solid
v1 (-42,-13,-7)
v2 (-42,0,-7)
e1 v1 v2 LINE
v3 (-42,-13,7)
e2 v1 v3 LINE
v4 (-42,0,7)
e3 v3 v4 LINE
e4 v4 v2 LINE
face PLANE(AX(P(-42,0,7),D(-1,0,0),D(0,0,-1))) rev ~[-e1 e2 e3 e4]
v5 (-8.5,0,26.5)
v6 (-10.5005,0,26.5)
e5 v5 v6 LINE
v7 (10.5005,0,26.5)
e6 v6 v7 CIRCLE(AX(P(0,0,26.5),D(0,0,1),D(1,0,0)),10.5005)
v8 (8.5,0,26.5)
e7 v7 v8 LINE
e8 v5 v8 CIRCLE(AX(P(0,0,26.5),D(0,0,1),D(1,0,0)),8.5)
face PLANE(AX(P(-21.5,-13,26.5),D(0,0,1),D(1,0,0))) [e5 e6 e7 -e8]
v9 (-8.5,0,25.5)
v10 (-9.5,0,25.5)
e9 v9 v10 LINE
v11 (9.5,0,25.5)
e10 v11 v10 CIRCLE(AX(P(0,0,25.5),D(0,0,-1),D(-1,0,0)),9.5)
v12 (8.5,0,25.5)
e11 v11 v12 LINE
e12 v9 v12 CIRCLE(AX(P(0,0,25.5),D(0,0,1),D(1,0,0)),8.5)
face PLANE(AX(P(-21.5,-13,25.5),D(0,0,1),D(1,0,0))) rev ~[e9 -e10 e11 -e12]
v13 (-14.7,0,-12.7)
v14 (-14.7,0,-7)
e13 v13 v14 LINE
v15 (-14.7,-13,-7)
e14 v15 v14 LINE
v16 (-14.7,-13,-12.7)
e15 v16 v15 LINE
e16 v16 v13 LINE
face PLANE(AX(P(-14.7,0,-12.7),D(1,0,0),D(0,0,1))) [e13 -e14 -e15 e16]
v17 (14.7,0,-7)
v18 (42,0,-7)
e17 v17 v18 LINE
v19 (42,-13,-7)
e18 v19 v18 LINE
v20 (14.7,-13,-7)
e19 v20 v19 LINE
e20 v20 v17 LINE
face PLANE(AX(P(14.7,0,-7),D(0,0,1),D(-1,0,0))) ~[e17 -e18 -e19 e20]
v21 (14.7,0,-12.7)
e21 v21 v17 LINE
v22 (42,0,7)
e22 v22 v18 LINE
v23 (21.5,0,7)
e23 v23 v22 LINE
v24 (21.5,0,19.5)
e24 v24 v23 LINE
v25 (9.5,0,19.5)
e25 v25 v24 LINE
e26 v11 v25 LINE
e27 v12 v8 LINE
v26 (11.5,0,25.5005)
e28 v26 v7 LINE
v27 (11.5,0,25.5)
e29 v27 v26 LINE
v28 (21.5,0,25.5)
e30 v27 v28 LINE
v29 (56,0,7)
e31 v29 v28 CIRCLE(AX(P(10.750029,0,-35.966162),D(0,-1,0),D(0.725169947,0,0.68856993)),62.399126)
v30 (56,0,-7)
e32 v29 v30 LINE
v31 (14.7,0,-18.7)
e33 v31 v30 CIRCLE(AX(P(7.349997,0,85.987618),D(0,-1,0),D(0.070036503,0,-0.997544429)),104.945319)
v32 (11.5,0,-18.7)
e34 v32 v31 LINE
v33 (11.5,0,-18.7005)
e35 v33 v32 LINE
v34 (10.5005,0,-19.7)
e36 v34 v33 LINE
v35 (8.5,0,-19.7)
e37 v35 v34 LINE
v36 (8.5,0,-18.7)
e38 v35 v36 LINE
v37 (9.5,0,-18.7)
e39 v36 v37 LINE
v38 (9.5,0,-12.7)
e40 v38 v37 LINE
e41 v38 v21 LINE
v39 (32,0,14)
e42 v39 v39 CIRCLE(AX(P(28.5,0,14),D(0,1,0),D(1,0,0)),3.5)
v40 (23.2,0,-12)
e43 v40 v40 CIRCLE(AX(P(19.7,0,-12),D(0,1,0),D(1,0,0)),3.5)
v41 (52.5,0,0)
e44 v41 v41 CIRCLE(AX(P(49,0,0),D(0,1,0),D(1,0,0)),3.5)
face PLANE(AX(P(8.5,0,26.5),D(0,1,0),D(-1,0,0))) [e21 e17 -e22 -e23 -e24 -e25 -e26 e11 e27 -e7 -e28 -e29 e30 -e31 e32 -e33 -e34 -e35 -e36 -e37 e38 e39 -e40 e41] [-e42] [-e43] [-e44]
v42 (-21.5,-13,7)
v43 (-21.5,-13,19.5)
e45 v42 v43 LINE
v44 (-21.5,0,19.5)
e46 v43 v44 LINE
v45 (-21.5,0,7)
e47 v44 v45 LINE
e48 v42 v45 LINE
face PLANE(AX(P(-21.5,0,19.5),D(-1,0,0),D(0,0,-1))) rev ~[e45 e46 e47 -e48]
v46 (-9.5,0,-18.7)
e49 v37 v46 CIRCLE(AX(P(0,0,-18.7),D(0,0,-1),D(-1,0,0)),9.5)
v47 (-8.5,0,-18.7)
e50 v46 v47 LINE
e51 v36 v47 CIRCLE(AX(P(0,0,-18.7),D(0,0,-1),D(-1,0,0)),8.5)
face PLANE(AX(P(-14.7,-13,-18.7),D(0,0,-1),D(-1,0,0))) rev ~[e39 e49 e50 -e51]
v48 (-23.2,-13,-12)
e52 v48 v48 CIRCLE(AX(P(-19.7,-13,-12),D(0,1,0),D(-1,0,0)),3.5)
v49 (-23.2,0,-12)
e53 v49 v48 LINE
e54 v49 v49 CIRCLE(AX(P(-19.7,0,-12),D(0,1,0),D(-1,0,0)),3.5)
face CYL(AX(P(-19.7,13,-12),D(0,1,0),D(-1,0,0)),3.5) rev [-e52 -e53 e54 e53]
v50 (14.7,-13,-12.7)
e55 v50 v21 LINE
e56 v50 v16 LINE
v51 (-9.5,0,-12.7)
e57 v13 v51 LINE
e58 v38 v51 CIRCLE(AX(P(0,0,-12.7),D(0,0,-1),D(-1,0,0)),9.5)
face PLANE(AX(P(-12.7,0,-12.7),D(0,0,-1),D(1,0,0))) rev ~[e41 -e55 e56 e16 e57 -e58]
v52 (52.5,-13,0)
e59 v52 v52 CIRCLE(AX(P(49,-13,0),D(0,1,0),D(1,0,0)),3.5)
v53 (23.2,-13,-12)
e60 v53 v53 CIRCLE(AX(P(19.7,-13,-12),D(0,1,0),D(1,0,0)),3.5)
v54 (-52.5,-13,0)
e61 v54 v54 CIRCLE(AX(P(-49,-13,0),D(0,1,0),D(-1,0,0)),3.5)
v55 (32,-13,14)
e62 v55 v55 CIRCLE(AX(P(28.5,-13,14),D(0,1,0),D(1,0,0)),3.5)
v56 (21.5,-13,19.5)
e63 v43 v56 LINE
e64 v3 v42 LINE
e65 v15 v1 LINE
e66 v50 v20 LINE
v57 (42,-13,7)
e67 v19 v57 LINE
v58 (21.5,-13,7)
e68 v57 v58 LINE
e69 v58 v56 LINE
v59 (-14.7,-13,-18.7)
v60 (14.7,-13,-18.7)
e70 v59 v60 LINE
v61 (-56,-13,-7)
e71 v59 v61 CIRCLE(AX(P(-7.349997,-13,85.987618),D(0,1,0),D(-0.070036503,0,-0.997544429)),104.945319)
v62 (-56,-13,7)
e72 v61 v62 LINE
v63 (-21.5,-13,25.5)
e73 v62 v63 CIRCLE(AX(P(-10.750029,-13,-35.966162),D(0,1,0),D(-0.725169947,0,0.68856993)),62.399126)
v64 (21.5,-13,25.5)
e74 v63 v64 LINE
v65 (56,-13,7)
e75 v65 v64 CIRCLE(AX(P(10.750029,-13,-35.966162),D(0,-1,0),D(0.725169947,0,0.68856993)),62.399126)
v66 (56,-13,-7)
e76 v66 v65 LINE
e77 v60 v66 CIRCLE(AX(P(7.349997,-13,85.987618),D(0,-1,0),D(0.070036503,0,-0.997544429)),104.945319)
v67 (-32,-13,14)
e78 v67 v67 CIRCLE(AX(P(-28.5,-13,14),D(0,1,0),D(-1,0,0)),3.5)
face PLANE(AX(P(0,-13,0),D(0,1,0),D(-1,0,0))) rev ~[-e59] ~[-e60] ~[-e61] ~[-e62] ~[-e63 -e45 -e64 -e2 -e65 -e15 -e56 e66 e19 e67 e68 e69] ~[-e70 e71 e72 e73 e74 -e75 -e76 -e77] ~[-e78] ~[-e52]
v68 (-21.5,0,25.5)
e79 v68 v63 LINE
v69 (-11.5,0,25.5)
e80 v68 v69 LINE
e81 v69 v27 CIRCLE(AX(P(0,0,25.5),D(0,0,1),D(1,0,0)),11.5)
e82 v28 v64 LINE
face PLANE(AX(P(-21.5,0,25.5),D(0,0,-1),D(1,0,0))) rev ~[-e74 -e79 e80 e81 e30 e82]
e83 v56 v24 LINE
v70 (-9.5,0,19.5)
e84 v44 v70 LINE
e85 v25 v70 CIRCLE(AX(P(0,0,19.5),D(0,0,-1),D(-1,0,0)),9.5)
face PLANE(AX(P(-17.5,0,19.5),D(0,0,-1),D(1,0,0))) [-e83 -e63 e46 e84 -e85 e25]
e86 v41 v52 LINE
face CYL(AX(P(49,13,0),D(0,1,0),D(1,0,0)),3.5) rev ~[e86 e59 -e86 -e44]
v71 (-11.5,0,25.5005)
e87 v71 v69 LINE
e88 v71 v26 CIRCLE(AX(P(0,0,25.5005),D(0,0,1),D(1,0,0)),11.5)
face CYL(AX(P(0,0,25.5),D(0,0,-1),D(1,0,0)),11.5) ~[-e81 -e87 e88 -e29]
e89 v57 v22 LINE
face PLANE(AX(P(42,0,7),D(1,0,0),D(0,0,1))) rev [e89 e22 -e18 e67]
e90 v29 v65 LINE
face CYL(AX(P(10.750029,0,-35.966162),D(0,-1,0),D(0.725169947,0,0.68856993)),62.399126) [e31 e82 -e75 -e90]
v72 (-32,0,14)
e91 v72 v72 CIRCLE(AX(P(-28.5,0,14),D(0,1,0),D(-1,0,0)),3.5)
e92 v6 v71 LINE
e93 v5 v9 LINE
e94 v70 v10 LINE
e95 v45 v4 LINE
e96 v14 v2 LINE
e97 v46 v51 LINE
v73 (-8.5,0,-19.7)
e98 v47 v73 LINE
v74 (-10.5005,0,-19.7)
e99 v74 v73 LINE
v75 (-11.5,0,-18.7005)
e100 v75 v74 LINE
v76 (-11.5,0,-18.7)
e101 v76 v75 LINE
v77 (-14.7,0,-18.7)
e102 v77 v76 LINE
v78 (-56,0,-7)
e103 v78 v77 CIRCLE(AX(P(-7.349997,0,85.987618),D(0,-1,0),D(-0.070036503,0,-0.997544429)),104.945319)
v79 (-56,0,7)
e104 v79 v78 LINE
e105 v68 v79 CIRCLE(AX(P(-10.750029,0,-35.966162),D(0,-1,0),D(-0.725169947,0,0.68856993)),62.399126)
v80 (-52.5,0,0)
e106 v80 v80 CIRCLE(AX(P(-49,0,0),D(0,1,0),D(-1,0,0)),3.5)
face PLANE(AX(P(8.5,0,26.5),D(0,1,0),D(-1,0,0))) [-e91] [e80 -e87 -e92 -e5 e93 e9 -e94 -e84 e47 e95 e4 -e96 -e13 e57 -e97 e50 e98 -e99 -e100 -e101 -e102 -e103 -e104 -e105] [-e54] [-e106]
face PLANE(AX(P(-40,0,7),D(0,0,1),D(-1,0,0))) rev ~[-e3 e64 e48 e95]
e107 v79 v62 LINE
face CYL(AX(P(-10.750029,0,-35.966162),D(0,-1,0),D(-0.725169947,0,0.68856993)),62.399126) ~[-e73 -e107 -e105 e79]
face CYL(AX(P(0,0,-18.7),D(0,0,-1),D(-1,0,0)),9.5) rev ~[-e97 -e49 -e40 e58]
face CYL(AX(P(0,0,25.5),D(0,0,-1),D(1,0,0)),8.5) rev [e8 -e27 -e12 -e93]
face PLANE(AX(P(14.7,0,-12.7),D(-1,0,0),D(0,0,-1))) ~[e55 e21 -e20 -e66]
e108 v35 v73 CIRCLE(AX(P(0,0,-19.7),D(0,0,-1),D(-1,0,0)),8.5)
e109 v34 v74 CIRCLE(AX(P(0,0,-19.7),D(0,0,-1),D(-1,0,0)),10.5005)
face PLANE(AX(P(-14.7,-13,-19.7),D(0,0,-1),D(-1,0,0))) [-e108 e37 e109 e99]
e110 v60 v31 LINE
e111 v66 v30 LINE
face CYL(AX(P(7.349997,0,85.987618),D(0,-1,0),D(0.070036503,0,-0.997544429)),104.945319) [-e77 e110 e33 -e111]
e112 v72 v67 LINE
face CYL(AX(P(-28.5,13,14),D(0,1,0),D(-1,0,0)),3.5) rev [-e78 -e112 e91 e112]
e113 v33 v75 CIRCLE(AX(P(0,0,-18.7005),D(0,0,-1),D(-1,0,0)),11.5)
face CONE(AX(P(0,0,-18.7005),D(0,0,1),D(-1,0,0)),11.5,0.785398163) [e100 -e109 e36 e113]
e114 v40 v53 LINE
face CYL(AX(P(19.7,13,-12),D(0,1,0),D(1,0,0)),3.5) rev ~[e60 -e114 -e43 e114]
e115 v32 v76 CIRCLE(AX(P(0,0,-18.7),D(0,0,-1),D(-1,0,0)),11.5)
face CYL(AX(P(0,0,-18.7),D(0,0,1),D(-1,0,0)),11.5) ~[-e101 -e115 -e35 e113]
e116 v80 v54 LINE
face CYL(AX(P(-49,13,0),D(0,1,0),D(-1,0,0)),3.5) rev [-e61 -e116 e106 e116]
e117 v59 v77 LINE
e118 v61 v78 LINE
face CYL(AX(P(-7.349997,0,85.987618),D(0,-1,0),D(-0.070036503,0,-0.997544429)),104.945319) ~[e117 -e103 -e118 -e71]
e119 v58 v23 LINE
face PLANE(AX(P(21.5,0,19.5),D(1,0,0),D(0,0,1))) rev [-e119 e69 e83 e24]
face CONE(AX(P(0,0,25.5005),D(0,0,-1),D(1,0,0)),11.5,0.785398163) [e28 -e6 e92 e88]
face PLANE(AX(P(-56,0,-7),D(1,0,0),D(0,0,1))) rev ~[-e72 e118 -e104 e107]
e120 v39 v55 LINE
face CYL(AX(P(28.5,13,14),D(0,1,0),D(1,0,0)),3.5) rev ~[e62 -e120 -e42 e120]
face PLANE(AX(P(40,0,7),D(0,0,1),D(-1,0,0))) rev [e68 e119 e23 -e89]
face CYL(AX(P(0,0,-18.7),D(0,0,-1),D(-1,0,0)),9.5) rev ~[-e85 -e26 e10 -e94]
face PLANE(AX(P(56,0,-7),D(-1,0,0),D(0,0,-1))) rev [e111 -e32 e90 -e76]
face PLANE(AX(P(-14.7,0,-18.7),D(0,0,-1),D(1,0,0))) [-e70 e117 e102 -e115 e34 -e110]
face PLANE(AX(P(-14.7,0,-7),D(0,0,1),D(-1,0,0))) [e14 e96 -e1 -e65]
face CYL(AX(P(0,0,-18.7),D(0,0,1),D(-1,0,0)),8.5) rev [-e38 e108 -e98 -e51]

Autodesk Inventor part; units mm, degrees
ref_plane "YZ Plane" through (0, 0, 0) normal (1, 0, 0) x (0, 1, 0)
ref_plane "XZ Plane" through (0, 0, 0) normal (0, 1, 0) x (-1, 0, 0)
ref_plane "XY Plane" through (0, 0, 0) normal (0, 0, 1) x (1, 0, 0)
sketch "Esquisse1" plane through (0, 0, 0) normal (0, 1, 0) x (-1, 0, 0)
  line L0 (0, 5) -> (40, 5)
  line L1 (40, 5) -> (40, -5)
  line L2 (40, -5) -> (0, -5)
  line L3 (0, -5) -> (0, 5)
  line L4 (0, 5) -> (17.5, 5)
  line L5 (17.5, 5) -> (17.5, 19)
  line L6 (17.5, 19) -> (0, 19)
  line L7 (0, 19) -> (0, 5)
  line L8 (0, -5) -> (12.7, -5)
  line L9 (12.7, -5) -> (12.7, -12.2)
  line L10 (12.7, -12.2) -> (0, -12.2)
  line L11 (0, -12.2) -> (0, -5)
  line L12 (17.5, 5) -> (21.5, 5)
  line L13 (21.5, 5) -> (21.5, 7)
  line L14 (21.5, 7) -> (17.5, 7)
  line L15 (17.5, 7) -> (17.5, 5)
  line L16 (12.7, -5) -> (14.7, -5)
  line L17 (14.7, -5) -> (14.7, -7)
  line L18 (14.7, -7) -> (12.7, -7)
  line L19 (12.7, -7) -> (12.7, -5)
  line L20 (40, -5) -> (14.7, -5)
  line L21 (14.7, -5) -> (14.7, -7)
  line L22 (14.7, -7) -> (40, -7)
  line L23 (40, -7) -> (40, -5)
  line L24 (12.7, -12.2) -> (14.7, -12.2)
  line L25 (14.7, -12.2) -> (14.7, -7)
  line L26 (14.7, -7) -> (12.7, -7)
  line L27 (12.7, -7) -> (12.7, -12.2)
  line L28 (40, 5) -> (21.5, 5)
  line L29 (21.5, 5) -> (21.5, 7)
  line L30 (21.5, 7) -> (40, 7)
  line L31 (40, 7) -> (40, 5)
  line L32 (21.5, 7) -> (17.5, 7)
  line L33 (17.5, 7) -> (17.5, 19)
  line L34 (17.5, 19) -> (21.5, 19)
  line L35 (21.5, 19) -> (21.5, 7)
  line L36 (40, -5) -> (42, -5)
  line L37 (42, -5) -> (42, 5)
  line L38 (42, 5) -> (40, 5)
  line L39 (40, 5) -> (40, -5)
  line L40 (0, -12.2) -> (12.7, -12.2)
  line L41 (12.7, -12.2) -> (12.7, -12.7)
  line L42 (12.7, -12.7) -> (0, -12.7)
  line L43 (0, -12.7) -> (0, -12.2)
  line L44 (0, 19) -> (17.5, 19)
  line L45 (17.5, 19) -> (17.5, 19.5)
  line L46 (17.5, 19.5) -> (0, 19.5)
  line L47 (0, 19.5) -> (0, 19)
  line L48 (21.5, 19) -> (17.5, 19)
  line L49 (17.5, 19) -> (17.5, 19.5)
  line L50 (17.5, 19.5) -> (21.5, 19.5)
  line L51 (21.5, 19.5) -> (21.5, 19)
  line L52 (42, 5) -> (40, 5)
  line L53 (40, 5) -> (40, 7)
  line L54 (40, 7) -> (42, 7)
  line L55 (42, 7) -> (42, 5)
  line L56 (42, -5) -> (40, -5)
  line L57 (40, -5) -> (40, -7)
  line L58 (40, -7) -> (42, -7)
  line L59 (42, -7) -> (42, -5)
  line L60 (14.7, -12.2) -> (12.7, -12.2)
  line L61 (12.7, -12.2) -> (12.7, -12.7)
  line L62 (12.7, -12.7) -> (14.7, -12.7)
  line L63 (14.7, -12.7) -> (14.7, -12.2)
  line L64 (0, 19.5) -> (21.5, 19.5)
  line L65 (21.5, 19.5) -> (21.5, 25.5)
  line L66 (21.5, 25.5) -> (0, 25.5)
  line L67 (0, 25.5) -> (0, 19.5)
  line L68 (0, -12.7) -> (14.7, -12.7)
  line L69 (14.7, -12.7) -> (14.7, -18.7)
  line L70 (14.7, -18.7) -> (0, -18.7)
  line L71 (0, -18.7) -> (0, -12.7)
  line L72 (42, -7) -> (56, -7)
  line L73 (56, -7) -> (56, 7)
  line L74 (56, 7) -> (42, 7)
  line L75 (42, 7) -> (42, -7)
  arc A0 (56, 7) -> (21.5, 25.5) centre (10.75, -35.9662) ccw
  arc A1 (21.5, 25.5) -> (0, 25.5) centre (10.75, -35.9662) ccw construction
  arc A2 (0, -18.7) -> (14.7, -18.7) centre (7.35, 85.9876) ccw construction
  arc A3 (14.7, -18.7) -> (56, -7) centre (7.35, 85.9876) ccw
  point P0 (0, 0)
  point P1 (0, 0)
  dimension "d1" = 40
  dimension "d3" = 14
  dimension "d4" = 10
  dimension "d5" = 7.2
  dimension "d6" = 0.5
  dimension "d7" = 0.5
  dimension "d8" = 17.5
  dimension "d9" = 12.7
  dimension "d10" = 2
  dimension "d11" = 2
  dimension "d12" = 2
  dimension "d13" = 4
  dimension "d14" = 2
  dimension "d15" = 6
  dimension "d16" = 6
  dimension "d17" = 14
extrude "Extrusion1" add sketch "Esquisse1" along normal mid plane 26 contours L67 L66 L65 L50 L46 | L35 L51 L65 A0 L74 L54 L30 | L42 L62 L69 L70 L71 | L55 L74 L73 L72 L59 L37 | L22 L58 L72 A3 L69 L63 L25
mirror "Symétrie1" about plane through (0, 0, 0) normal (1, 0, 0) of "Extrusion1"
sketch "Esquisse4" plane through (-14.7, -13, -18.7) normal (0, 0, -1) x (-1, 0, 0)
  circle A0 centre (-14.7, 13) radius 9.5
  dimension "d25" = 19
extrude "Extrusion4" cut sketch "Esquisse4" against normal through all
sketch "Esquisse5" plane through (0, 13, 0) normal (0, 1, 0) x (1, 0, 0)
  circle A0 centre (19.7, 12) radius 3.5
  circle A1 centre (28.5, -14) radius 3.5
  line L0 (42, 7) -> (56, -7) construction
  line L1 (56, 7) -> (42, -7) construction
  circle A2 centre (49, 0) radius 3.5
  line L2 (21.5, -7) -> (35.5, -7) construction
  line L3 (35.5, -7) -> (35.5, -21) construction
  line L4 (35.5, -21) -> (21.5, -21) construction
  line L5 (21.5, -21) -> (21.5, -7) construction
  line L6 (14.7, 7) -> (24.7, 7) construction
  line L7 (24.7, 7) -> (24.7, 17) construction
  line L8 (24.7, 17) -> (14.7, 17) construction
  line L9 (14.7, 17) -> (14.7, 7) construction
  line L10 (14.7, 17) -> (24.7, 7) construction
  line L11 (24.7, 17) -> (14.7, 7) construction
  line L12 (21.5, -7) -> (35.5, -21) construction
  line L13 (35.5, -7) -> (21.5, -21) construction
  point P0 (0, 0)
  dimension "d28" = 7
  dimension "d29" = 7
  dimension "d36" = 7
  dimension "d37" = 10
  dimension "d38" = 10
  dimension "d39" = 14
  dimension "d40" = 14
  dimension "d41" = 14
  dimension "d60" = 28.5
extrude "Extrusion5" cut sketch "Esquisse5" against normal through all
mirror "Symétrie3" about plane through (0, 0, 0) normal (1, 0, 0) of "Extrusion5"
sketch "Esquisse7" plane through (-21.5, -13, 25.5) normal (0, 0, 1) x (1, 0, 0)
  circle A0 centre (21.5, 13) radius 9.5 projected
  circle A1 centre (21.5, 13) radius 8.5
  circle A2 centre (21.5, 13) radius 11.5
  dimension "d44" = 1
  dimension "d45" = 2
extrude "Extrusion7" add sketch "Esquisse7" along normal blind 1 contours A0 | A2
chamfer "Chanfrein1" distance 1 angle 45 1 edges at (-11.5, 0, 26.5)
sketch "Esquisse8" plane through (-14.7, -13, -18.7) normal (0, 0, -1) x (-1, 0, 0)
  circle A0 centre (-14.7, 13) radius 9.5 projected
  circle A1 centre (-14.7, 13) radius 11.5
  circle A2 centre (-14.7, 13) radius 8.5
  dimension "d51" = 1
  dimension "d52" = 2
extrude "Extrusion8" add sketch "Esquisse8" along normal blind 1 contours A0 | A1
chamfer "Chanfrein2" distance 1 angle 45 1 edges at (11.5, 0, -19.7)
sketch "Esquisse9" plane through (0, 0, 26.5) normal (0, 0, 1) x (1, 0, 0)
  circle A0 centre (0, 0) radius 8.5 projected
  line L0 (-56, 13) -> (56, 13)
  line L1 (56, 13) -> (56, 0)
  line L2 (56, 0) -> (-56, 0)
  line L3 (-56, 0) -> (-56, 13)
  line L4 (-56, -13) -> (-56, 13) projected
  line L5 (56, -13) -> (56, 13) projected
  line L6 (-21.5, 13) -> (21.5, 13) projected
extrude "Extrusion9" cut sketch "Esquisse9" against normal through all contours L2 A0 | A0 L2 L3 L0 L1 picked at (2.1208, 1.8788)
properties part number "wheel_base"
